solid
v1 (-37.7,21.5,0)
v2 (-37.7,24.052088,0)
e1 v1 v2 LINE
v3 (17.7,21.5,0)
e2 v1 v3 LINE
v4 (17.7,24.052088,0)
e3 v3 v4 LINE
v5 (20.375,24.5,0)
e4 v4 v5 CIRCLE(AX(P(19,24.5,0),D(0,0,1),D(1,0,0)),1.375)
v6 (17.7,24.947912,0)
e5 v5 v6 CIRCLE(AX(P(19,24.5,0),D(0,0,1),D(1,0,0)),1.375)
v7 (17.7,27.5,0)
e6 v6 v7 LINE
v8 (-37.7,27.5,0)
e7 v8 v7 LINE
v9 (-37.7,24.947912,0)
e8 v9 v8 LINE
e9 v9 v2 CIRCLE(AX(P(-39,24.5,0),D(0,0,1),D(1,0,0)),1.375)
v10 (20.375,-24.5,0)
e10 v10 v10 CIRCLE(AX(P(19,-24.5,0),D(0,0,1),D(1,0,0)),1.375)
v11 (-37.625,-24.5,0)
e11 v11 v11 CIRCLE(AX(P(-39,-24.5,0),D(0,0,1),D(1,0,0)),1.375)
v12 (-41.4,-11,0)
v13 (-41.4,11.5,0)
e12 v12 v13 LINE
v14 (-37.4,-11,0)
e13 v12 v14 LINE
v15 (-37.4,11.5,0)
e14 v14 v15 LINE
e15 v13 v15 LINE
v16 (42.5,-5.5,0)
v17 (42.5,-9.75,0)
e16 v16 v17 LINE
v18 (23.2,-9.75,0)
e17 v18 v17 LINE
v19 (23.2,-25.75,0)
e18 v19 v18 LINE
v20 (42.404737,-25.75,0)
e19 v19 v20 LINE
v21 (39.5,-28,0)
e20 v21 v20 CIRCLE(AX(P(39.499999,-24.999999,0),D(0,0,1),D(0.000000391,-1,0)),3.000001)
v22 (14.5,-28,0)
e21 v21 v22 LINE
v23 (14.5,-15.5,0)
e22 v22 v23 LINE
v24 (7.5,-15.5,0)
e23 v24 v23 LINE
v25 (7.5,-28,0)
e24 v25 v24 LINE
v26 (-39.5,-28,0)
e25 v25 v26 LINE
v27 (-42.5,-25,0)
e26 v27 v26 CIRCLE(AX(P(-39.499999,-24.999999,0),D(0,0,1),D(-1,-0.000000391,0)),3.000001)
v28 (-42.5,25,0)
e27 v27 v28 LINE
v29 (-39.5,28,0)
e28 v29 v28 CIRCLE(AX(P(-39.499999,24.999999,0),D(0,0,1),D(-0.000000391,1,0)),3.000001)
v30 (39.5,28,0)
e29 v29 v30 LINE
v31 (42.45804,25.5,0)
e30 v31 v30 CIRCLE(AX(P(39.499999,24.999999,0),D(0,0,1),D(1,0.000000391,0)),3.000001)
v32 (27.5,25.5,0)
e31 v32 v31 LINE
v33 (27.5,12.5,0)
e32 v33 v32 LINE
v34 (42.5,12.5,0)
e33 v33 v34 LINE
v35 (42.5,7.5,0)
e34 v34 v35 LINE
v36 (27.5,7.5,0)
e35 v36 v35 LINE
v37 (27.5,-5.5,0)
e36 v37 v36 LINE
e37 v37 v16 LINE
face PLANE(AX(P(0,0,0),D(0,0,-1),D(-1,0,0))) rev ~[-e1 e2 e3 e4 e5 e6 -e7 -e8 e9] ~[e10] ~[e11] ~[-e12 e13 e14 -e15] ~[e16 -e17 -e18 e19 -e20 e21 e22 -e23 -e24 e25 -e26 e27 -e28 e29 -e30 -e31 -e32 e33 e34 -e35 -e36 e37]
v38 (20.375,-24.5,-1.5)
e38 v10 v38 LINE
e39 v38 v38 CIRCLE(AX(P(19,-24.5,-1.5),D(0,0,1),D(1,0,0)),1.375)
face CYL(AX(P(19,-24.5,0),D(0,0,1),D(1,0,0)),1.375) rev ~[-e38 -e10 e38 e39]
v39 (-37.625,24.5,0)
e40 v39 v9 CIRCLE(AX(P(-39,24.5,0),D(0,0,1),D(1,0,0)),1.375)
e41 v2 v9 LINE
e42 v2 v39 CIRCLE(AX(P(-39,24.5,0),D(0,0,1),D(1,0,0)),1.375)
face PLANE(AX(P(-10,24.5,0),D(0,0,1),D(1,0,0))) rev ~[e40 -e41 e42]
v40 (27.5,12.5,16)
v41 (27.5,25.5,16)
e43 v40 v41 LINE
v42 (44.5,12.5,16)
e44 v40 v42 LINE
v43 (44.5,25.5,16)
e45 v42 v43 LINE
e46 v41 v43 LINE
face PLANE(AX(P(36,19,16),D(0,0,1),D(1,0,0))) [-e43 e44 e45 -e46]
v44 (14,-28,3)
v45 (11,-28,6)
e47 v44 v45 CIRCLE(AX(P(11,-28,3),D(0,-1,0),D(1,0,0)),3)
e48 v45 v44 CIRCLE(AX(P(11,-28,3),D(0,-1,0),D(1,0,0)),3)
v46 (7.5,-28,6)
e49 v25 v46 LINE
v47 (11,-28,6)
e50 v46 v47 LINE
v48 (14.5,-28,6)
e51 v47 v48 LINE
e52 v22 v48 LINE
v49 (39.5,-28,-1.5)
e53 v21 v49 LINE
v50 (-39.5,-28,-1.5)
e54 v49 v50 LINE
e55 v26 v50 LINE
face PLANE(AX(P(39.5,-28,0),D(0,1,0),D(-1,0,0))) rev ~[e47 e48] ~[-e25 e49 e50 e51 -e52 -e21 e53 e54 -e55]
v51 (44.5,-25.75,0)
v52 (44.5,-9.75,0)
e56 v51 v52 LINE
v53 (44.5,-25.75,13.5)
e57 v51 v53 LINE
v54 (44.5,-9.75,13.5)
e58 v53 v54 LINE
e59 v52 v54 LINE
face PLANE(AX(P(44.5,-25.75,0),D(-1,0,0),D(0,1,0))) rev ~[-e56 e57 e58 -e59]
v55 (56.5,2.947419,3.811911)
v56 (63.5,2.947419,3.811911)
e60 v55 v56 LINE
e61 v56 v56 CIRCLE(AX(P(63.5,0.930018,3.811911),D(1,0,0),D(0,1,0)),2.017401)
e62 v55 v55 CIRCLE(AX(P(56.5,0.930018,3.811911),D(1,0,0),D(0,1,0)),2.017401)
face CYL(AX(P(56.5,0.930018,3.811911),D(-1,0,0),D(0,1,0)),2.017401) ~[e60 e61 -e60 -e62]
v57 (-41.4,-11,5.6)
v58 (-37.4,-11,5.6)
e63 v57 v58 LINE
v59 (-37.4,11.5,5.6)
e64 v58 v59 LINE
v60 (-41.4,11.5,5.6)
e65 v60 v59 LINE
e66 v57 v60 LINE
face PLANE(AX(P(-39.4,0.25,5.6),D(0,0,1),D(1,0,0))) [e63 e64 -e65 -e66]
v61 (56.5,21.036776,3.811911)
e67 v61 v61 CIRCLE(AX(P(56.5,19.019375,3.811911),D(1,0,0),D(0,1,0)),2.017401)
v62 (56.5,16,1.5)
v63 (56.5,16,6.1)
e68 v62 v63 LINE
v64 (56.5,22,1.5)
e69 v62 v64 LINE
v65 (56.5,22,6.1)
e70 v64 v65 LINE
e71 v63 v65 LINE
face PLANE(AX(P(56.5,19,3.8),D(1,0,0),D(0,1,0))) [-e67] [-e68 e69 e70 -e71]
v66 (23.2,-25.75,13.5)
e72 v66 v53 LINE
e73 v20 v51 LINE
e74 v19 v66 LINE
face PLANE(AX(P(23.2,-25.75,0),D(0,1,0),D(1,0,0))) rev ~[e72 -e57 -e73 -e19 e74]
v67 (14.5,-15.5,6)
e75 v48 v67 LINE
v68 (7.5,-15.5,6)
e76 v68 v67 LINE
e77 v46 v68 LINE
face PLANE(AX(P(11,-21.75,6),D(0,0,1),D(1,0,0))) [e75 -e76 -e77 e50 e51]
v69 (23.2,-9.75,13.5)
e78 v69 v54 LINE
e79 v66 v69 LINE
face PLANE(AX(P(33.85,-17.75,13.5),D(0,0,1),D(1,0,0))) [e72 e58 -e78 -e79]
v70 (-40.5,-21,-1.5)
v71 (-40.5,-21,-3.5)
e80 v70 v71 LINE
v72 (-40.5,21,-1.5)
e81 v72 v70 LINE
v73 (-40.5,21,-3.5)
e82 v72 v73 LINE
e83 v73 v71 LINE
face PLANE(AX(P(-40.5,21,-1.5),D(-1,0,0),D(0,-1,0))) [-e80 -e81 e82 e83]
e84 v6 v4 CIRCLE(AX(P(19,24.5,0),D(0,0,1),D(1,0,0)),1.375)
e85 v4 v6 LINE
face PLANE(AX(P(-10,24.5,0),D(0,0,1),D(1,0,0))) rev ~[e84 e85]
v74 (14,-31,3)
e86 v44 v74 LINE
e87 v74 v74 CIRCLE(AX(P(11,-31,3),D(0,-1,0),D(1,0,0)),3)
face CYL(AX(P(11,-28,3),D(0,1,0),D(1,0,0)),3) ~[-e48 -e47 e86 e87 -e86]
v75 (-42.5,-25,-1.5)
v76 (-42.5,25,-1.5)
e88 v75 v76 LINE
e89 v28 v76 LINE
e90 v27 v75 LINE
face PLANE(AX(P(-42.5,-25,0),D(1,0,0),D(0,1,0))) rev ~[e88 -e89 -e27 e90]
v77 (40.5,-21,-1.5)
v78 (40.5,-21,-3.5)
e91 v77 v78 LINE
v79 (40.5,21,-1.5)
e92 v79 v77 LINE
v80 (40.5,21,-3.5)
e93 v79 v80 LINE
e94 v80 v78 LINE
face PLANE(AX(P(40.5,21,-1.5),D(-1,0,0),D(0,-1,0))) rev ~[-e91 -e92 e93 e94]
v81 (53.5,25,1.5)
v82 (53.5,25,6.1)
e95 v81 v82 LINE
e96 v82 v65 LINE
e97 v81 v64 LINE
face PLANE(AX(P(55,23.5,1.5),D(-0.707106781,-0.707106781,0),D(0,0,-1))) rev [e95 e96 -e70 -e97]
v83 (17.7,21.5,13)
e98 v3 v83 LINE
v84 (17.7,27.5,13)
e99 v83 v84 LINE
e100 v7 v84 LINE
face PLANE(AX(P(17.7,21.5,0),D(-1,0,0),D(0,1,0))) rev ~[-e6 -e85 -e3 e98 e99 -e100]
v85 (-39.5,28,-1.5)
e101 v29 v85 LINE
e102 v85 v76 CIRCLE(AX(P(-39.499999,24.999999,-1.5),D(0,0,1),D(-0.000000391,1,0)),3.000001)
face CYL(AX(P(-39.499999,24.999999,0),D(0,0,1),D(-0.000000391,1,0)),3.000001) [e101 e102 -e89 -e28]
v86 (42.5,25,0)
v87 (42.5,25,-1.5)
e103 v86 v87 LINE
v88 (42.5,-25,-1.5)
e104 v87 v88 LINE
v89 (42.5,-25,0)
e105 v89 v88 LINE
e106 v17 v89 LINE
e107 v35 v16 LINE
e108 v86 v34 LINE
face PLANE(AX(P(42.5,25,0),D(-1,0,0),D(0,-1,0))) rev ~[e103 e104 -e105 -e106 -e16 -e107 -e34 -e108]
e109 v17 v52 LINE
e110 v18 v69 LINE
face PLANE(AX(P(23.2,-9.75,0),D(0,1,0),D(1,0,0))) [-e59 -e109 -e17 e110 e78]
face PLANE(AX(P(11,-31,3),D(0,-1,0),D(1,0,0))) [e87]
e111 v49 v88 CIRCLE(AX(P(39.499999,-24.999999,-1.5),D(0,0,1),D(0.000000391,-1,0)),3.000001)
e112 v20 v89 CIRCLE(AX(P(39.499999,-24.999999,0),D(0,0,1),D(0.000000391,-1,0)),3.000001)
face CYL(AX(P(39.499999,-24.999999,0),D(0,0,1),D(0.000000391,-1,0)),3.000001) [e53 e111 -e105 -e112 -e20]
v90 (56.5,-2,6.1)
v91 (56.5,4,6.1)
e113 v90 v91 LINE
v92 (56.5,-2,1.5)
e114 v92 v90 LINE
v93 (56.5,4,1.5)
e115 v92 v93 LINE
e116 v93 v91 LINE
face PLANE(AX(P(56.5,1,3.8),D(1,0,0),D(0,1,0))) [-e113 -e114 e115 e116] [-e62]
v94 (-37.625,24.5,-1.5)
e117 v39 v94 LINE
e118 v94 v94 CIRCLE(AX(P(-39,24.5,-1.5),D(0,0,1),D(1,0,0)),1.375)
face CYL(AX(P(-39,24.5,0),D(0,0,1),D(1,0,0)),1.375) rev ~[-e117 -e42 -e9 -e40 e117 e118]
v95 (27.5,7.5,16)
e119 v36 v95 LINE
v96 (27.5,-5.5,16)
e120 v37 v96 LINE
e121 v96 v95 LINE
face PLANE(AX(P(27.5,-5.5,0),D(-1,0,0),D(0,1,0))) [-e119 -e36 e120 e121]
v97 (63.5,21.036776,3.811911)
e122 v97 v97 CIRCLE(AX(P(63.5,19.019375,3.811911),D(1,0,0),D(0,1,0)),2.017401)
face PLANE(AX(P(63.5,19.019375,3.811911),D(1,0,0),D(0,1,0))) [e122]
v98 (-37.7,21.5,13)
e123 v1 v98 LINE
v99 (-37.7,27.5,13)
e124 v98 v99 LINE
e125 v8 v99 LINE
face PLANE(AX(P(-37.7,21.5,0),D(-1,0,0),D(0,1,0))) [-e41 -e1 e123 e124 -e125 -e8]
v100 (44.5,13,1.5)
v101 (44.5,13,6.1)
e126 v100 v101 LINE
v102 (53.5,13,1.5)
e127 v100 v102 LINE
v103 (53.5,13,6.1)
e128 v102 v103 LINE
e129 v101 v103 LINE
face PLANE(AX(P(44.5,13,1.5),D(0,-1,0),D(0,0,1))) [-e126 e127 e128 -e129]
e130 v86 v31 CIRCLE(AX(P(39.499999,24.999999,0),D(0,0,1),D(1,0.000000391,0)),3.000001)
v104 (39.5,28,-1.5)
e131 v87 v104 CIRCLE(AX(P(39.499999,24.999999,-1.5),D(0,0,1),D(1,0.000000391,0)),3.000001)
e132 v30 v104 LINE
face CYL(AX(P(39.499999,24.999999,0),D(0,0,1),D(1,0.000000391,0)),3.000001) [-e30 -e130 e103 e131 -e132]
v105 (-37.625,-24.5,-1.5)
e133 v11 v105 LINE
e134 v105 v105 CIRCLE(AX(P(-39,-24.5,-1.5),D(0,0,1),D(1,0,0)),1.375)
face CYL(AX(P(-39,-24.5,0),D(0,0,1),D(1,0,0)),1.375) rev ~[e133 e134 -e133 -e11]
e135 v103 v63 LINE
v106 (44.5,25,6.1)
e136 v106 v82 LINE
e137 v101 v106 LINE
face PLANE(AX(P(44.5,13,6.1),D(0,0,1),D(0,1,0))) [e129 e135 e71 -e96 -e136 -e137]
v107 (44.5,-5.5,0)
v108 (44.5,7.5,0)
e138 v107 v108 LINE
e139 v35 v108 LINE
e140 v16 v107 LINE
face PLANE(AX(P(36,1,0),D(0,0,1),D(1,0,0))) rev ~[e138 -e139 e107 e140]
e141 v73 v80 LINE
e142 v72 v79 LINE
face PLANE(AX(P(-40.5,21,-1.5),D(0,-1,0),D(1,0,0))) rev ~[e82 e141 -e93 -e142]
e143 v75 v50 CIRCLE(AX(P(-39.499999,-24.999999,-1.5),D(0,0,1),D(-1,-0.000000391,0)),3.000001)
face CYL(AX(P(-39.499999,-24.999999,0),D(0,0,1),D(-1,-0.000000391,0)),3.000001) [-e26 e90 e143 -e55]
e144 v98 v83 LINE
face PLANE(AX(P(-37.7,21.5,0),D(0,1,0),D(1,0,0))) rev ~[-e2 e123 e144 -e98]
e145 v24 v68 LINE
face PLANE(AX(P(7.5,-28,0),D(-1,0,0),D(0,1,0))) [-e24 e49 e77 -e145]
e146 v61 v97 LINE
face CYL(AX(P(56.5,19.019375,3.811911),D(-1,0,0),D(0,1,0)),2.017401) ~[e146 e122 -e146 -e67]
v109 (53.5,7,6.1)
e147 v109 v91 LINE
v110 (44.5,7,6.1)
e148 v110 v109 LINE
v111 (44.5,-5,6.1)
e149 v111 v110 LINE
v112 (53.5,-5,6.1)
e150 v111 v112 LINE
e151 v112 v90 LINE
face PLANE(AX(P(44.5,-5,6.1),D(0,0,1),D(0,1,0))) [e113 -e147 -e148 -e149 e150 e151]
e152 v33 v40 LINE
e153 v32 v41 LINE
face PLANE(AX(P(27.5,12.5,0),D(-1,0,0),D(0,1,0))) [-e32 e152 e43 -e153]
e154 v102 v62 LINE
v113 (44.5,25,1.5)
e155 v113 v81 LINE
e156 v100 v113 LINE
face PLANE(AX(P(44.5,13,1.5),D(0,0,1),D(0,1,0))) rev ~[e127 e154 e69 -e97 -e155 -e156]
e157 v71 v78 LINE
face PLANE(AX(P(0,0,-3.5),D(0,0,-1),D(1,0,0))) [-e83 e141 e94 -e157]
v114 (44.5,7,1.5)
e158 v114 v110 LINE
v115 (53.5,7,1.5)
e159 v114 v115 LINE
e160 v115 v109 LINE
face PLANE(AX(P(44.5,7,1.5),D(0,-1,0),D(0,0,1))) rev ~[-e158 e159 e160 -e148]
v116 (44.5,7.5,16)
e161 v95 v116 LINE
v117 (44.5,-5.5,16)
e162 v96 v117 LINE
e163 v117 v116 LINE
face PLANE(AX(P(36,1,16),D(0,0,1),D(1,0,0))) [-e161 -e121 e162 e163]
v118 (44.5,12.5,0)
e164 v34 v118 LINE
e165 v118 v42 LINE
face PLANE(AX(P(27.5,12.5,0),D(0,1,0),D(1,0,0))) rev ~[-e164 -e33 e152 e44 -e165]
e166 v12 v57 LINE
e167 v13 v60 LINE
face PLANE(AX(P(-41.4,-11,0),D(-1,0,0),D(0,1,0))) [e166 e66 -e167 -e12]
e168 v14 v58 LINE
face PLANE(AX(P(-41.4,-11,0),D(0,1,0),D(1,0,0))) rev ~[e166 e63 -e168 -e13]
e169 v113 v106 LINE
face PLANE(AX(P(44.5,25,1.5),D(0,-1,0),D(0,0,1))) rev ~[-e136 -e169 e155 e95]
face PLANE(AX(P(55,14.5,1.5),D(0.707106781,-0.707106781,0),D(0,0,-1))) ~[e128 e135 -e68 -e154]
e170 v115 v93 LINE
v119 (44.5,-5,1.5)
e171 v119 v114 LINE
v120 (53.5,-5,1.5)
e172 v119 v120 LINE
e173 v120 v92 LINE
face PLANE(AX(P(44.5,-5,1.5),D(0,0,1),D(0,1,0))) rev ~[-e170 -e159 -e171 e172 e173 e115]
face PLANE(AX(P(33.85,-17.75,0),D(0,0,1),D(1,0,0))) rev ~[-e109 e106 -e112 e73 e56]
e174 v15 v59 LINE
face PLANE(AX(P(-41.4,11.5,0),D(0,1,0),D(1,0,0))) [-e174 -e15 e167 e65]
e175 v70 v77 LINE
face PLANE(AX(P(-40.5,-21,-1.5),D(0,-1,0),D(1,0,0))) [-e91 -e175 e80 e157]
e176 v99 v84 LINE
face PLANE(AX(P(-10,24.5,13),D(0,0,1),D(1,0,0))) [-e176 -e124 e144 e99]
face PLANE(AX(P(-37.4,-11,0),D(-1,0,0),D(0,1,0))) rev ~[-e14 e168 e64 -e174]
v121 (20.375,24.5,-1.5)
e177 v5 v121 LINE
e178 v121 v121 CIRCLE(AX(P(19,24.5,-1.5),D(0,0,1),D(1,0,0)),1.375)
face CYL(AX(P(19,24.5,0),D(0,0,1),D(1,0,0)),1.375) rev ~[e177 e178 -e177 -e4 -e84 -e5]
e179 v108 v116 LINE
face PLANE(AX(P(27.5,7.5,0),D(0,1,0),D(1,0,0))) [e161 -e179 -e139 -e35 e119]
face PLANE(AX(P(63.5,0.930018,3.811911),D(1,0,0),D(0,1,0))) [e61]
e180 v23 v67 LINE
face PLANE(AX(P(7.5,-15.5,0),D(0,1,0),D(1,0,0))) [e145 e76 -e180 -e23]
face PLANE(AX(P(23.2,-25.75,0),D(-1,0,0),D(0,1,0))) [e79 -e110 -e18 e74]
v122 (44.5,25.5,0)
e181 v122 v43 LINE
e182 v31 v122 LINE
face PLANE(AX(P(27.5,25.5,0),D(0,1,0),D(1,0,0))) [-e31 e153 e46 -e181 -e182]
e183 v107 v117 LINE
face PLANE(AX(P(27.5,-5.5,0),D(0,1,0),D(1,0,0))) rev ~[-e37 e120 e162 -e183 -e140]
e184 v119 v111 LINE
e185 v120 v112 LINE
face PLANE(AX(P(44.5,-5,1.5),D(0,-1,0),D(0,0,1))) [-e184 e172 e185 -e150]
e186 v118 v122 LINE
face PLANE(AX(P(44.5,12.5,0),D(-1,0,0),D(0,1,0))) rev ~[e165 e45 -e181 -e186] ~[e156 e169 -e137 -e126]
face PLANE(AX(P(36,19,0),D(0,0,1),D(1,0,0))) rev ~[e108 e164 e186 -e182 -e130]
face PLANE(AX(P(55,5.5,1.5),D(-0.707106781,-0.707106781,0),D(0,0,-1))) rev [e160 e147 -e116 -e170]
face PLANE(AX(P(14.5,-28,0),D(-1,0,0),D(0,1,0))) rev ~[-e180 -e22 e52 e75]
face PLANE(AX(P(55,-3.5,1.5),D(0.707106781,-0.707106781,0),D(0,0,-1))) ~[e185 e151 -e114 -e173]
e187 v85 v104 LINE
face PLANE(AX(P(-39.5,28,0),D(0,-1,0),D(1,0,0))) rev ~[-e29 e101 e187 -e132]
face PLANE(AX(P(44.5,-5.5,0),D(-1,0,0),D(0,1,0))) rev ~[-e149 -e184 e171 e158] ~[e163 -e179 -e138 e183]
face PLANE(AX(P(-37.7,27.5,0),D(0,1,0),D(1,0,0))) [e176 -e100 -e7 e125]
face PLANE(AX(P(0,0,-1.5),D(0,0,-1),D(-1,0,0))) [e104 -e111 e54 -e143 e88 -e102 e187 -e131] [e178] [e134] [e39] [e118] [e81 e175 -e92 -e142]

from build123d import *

# Parameters (mm, degrees)
PAD_DEPTH    = 1.5
SKETCH001_R  = 1.375
POCKET_DEPTH = 1.501
SKETCH002_W  = 17
SKETCH002_H  = 13
PAD001_DEPTH = 16
SKETCH003_W  = 21.3
SKETCH003_H  = 16
PAD002_DEPTH = 13.5
SKETCH004_W  = 81
SKETCH004_H  = 42
PAD003_DEPTH = 2
SKETCH005_W  = 55.4
SKETCH005_H  = 6
PAD004_DEPTH = 13
SKETCH006_W  = 7
SKETCH006_H  = 12.5
PAD005_DEPTH = 6
SKETCH007_R  = 3
PAD006_DEPTH = 3
SKETCH008_W  = 4
SKETCH008_H  = 22.5
PAD007_DEPTH = 5.6
SKETCH009_W  = 12
SKETCH009_H  = 4.6
PAD008_DEPTH = 12
CHAMFER_SIZE = 3
SKETCH010_R  = 2.017401
PAD009_DEPTH = 7


with BuildPart() as part:
    # Sketch → Pad (new body)
    with BuildSketch(Plane.XY):
        with BuildLine():
            Line((-39.5, 28), (39.5, 28))
            ThreePointArc((42.5, 25), (41.62132, 27.12132), (39.5, 28))
            Line((42.5, 25), (42.5, -25))
            ThreePointArc((39.5, -28), (41.62132, -27.12132), (42.5, -25))
            Line((39.5, -28), (-39.5, -28))
            ThreePointArc((-42.5, -25), (-41.62132, -27.12132), (-39.5, -28))
            Line((-42.5, -25), (-42.5, 25))
            ThreePointArc((-39.5, 28), (-41.62132, 27.12132), (-42.5, 25))
        make_face()
    extrude(amount=-PAD_DEPTH)

    # Sketch001 (on Face9 of Pad) → Pocket (cut, through all)
    with BuildSketch(Plane.XY):
        with Locations((-39, 24.5)):
            Circle(SKETCH001_R)
        with Locations((19, 24.5)):
            Circle(SKETCH001_R)
        with Locations((19, -24.5)):
            Circle(SKETCH001_R)
        with Locations((-39, -24.5)):
            Circle(SKETCH001_R)
    extrude(amount=-POCKET_DEPTH, mode=Mode.SUBTRACT)

    # Sketch002 (on Face4 of Pocket) → Pad001 (join)
    with BuildSketch(Plane.XY):
        with Locations((36, 19)):
            Rectangle(SKETCH002_W, SKETCH002_H)
        with Locations((36, 1)):
            Rectangle(SKETCH002_W, SKETCH002_H)
    extrude(amount=PAD001_DEPTH)

    # Sketch003 (on Face4 of Pad001) → Pad002 (join)
    with BuildSketch(Plane.XY):
        with Locations((33.85, -17.75)):
            Rectangle(SKETCH003_W, SKETCH003_H)
    extrude(amount=PAD002_DEPTH)

    # Sketch004 (on Face5 of Pad002) → Pad003 (join)
    with BuildSketch(Plane(origin=(0, 0, -1.5), x_dir=(1, 0, 0), z_dir=(0, 0, -1))):
        Rectangle(SKETCH004_W, SKETCH004_H)
    extrude(amount=PAD003_DEPTH)

    # Sketch005 (on Face4 of Pad003) → Pad004 (join)
    with BuildSketch(Plane.XY):
        with Locations((-10, 24.5)):
            Rectangle(SKETCH005_W, SKETCH005_H)
    extrude(amount=PAD004_DEPTH)

    # Sketch006 (on Face4 of Pad004) → Pad005 (join)
    with BuildSketch(Plane.XY):
        with Locations((11, -21.75)):
            Rectangle(SKETCH006_W, SKETCH006_H)
    extrude(amount=PAD005_DEPTH)

    # Sketch007 (on Face35 of Pad005) → Pad006 (join)
    with BuildSketch(Plane.XZ.offset(28)):
        with Locations((11, 3)):
            Circle(SKETCH007_R)
    extrude(amount=PAD006_DEPTH)

    # Sketch008 (on Face4 of Pad006) → Pad007 (join)
    with BuildSketch(Plane.XY):
        with Locations((-39.4, 0.25)):
            Rectangle(SKETCH008_W, SKETCH008_H)
    extrude(amount=PAD007_DEPTH)

    # Sketch009 (on Face50 of Pad007) → Pad008 (join)
    with BuildSketch(Plane.YZ.offset(44.5)):
        with Locations((1, 3.8)):
            Rectangle(SKETCH009_W, SKETCH009_H)
        with Locations((19, 3.8)):
            Rectangle(SKETCH009_W, SKETCH009_H)
    extrude(amount=PAD008_DEPTH)

    # Chamfer
    chamfer_edges = [part.edges().sort_by_distance(p)[0] for p in [
        (56.5, 13, 3.8),
        (14, -29.5, 3),
        (56.5, 7, 3.8),
        (56.5, -5, 3.8),
        (56.5, 25, 3.8),
    ]]
    chamfer(chamfer_edges, length=CHAMFER_SIZE)

    # Sketch010 (on Face8 of Chamfer) → Pad009 (join)
    with BuildSketch(Plane.YZ.offset(56.5)):
        with Locations((0.930018, 3.811911)):
            Circle(SKETCH010_R)
        with Locations((19.019375, 3.811911)):
            Circle(SKETCH010_R)
    extrude(amount=PAD009_DEPTH)


solid = part.part
